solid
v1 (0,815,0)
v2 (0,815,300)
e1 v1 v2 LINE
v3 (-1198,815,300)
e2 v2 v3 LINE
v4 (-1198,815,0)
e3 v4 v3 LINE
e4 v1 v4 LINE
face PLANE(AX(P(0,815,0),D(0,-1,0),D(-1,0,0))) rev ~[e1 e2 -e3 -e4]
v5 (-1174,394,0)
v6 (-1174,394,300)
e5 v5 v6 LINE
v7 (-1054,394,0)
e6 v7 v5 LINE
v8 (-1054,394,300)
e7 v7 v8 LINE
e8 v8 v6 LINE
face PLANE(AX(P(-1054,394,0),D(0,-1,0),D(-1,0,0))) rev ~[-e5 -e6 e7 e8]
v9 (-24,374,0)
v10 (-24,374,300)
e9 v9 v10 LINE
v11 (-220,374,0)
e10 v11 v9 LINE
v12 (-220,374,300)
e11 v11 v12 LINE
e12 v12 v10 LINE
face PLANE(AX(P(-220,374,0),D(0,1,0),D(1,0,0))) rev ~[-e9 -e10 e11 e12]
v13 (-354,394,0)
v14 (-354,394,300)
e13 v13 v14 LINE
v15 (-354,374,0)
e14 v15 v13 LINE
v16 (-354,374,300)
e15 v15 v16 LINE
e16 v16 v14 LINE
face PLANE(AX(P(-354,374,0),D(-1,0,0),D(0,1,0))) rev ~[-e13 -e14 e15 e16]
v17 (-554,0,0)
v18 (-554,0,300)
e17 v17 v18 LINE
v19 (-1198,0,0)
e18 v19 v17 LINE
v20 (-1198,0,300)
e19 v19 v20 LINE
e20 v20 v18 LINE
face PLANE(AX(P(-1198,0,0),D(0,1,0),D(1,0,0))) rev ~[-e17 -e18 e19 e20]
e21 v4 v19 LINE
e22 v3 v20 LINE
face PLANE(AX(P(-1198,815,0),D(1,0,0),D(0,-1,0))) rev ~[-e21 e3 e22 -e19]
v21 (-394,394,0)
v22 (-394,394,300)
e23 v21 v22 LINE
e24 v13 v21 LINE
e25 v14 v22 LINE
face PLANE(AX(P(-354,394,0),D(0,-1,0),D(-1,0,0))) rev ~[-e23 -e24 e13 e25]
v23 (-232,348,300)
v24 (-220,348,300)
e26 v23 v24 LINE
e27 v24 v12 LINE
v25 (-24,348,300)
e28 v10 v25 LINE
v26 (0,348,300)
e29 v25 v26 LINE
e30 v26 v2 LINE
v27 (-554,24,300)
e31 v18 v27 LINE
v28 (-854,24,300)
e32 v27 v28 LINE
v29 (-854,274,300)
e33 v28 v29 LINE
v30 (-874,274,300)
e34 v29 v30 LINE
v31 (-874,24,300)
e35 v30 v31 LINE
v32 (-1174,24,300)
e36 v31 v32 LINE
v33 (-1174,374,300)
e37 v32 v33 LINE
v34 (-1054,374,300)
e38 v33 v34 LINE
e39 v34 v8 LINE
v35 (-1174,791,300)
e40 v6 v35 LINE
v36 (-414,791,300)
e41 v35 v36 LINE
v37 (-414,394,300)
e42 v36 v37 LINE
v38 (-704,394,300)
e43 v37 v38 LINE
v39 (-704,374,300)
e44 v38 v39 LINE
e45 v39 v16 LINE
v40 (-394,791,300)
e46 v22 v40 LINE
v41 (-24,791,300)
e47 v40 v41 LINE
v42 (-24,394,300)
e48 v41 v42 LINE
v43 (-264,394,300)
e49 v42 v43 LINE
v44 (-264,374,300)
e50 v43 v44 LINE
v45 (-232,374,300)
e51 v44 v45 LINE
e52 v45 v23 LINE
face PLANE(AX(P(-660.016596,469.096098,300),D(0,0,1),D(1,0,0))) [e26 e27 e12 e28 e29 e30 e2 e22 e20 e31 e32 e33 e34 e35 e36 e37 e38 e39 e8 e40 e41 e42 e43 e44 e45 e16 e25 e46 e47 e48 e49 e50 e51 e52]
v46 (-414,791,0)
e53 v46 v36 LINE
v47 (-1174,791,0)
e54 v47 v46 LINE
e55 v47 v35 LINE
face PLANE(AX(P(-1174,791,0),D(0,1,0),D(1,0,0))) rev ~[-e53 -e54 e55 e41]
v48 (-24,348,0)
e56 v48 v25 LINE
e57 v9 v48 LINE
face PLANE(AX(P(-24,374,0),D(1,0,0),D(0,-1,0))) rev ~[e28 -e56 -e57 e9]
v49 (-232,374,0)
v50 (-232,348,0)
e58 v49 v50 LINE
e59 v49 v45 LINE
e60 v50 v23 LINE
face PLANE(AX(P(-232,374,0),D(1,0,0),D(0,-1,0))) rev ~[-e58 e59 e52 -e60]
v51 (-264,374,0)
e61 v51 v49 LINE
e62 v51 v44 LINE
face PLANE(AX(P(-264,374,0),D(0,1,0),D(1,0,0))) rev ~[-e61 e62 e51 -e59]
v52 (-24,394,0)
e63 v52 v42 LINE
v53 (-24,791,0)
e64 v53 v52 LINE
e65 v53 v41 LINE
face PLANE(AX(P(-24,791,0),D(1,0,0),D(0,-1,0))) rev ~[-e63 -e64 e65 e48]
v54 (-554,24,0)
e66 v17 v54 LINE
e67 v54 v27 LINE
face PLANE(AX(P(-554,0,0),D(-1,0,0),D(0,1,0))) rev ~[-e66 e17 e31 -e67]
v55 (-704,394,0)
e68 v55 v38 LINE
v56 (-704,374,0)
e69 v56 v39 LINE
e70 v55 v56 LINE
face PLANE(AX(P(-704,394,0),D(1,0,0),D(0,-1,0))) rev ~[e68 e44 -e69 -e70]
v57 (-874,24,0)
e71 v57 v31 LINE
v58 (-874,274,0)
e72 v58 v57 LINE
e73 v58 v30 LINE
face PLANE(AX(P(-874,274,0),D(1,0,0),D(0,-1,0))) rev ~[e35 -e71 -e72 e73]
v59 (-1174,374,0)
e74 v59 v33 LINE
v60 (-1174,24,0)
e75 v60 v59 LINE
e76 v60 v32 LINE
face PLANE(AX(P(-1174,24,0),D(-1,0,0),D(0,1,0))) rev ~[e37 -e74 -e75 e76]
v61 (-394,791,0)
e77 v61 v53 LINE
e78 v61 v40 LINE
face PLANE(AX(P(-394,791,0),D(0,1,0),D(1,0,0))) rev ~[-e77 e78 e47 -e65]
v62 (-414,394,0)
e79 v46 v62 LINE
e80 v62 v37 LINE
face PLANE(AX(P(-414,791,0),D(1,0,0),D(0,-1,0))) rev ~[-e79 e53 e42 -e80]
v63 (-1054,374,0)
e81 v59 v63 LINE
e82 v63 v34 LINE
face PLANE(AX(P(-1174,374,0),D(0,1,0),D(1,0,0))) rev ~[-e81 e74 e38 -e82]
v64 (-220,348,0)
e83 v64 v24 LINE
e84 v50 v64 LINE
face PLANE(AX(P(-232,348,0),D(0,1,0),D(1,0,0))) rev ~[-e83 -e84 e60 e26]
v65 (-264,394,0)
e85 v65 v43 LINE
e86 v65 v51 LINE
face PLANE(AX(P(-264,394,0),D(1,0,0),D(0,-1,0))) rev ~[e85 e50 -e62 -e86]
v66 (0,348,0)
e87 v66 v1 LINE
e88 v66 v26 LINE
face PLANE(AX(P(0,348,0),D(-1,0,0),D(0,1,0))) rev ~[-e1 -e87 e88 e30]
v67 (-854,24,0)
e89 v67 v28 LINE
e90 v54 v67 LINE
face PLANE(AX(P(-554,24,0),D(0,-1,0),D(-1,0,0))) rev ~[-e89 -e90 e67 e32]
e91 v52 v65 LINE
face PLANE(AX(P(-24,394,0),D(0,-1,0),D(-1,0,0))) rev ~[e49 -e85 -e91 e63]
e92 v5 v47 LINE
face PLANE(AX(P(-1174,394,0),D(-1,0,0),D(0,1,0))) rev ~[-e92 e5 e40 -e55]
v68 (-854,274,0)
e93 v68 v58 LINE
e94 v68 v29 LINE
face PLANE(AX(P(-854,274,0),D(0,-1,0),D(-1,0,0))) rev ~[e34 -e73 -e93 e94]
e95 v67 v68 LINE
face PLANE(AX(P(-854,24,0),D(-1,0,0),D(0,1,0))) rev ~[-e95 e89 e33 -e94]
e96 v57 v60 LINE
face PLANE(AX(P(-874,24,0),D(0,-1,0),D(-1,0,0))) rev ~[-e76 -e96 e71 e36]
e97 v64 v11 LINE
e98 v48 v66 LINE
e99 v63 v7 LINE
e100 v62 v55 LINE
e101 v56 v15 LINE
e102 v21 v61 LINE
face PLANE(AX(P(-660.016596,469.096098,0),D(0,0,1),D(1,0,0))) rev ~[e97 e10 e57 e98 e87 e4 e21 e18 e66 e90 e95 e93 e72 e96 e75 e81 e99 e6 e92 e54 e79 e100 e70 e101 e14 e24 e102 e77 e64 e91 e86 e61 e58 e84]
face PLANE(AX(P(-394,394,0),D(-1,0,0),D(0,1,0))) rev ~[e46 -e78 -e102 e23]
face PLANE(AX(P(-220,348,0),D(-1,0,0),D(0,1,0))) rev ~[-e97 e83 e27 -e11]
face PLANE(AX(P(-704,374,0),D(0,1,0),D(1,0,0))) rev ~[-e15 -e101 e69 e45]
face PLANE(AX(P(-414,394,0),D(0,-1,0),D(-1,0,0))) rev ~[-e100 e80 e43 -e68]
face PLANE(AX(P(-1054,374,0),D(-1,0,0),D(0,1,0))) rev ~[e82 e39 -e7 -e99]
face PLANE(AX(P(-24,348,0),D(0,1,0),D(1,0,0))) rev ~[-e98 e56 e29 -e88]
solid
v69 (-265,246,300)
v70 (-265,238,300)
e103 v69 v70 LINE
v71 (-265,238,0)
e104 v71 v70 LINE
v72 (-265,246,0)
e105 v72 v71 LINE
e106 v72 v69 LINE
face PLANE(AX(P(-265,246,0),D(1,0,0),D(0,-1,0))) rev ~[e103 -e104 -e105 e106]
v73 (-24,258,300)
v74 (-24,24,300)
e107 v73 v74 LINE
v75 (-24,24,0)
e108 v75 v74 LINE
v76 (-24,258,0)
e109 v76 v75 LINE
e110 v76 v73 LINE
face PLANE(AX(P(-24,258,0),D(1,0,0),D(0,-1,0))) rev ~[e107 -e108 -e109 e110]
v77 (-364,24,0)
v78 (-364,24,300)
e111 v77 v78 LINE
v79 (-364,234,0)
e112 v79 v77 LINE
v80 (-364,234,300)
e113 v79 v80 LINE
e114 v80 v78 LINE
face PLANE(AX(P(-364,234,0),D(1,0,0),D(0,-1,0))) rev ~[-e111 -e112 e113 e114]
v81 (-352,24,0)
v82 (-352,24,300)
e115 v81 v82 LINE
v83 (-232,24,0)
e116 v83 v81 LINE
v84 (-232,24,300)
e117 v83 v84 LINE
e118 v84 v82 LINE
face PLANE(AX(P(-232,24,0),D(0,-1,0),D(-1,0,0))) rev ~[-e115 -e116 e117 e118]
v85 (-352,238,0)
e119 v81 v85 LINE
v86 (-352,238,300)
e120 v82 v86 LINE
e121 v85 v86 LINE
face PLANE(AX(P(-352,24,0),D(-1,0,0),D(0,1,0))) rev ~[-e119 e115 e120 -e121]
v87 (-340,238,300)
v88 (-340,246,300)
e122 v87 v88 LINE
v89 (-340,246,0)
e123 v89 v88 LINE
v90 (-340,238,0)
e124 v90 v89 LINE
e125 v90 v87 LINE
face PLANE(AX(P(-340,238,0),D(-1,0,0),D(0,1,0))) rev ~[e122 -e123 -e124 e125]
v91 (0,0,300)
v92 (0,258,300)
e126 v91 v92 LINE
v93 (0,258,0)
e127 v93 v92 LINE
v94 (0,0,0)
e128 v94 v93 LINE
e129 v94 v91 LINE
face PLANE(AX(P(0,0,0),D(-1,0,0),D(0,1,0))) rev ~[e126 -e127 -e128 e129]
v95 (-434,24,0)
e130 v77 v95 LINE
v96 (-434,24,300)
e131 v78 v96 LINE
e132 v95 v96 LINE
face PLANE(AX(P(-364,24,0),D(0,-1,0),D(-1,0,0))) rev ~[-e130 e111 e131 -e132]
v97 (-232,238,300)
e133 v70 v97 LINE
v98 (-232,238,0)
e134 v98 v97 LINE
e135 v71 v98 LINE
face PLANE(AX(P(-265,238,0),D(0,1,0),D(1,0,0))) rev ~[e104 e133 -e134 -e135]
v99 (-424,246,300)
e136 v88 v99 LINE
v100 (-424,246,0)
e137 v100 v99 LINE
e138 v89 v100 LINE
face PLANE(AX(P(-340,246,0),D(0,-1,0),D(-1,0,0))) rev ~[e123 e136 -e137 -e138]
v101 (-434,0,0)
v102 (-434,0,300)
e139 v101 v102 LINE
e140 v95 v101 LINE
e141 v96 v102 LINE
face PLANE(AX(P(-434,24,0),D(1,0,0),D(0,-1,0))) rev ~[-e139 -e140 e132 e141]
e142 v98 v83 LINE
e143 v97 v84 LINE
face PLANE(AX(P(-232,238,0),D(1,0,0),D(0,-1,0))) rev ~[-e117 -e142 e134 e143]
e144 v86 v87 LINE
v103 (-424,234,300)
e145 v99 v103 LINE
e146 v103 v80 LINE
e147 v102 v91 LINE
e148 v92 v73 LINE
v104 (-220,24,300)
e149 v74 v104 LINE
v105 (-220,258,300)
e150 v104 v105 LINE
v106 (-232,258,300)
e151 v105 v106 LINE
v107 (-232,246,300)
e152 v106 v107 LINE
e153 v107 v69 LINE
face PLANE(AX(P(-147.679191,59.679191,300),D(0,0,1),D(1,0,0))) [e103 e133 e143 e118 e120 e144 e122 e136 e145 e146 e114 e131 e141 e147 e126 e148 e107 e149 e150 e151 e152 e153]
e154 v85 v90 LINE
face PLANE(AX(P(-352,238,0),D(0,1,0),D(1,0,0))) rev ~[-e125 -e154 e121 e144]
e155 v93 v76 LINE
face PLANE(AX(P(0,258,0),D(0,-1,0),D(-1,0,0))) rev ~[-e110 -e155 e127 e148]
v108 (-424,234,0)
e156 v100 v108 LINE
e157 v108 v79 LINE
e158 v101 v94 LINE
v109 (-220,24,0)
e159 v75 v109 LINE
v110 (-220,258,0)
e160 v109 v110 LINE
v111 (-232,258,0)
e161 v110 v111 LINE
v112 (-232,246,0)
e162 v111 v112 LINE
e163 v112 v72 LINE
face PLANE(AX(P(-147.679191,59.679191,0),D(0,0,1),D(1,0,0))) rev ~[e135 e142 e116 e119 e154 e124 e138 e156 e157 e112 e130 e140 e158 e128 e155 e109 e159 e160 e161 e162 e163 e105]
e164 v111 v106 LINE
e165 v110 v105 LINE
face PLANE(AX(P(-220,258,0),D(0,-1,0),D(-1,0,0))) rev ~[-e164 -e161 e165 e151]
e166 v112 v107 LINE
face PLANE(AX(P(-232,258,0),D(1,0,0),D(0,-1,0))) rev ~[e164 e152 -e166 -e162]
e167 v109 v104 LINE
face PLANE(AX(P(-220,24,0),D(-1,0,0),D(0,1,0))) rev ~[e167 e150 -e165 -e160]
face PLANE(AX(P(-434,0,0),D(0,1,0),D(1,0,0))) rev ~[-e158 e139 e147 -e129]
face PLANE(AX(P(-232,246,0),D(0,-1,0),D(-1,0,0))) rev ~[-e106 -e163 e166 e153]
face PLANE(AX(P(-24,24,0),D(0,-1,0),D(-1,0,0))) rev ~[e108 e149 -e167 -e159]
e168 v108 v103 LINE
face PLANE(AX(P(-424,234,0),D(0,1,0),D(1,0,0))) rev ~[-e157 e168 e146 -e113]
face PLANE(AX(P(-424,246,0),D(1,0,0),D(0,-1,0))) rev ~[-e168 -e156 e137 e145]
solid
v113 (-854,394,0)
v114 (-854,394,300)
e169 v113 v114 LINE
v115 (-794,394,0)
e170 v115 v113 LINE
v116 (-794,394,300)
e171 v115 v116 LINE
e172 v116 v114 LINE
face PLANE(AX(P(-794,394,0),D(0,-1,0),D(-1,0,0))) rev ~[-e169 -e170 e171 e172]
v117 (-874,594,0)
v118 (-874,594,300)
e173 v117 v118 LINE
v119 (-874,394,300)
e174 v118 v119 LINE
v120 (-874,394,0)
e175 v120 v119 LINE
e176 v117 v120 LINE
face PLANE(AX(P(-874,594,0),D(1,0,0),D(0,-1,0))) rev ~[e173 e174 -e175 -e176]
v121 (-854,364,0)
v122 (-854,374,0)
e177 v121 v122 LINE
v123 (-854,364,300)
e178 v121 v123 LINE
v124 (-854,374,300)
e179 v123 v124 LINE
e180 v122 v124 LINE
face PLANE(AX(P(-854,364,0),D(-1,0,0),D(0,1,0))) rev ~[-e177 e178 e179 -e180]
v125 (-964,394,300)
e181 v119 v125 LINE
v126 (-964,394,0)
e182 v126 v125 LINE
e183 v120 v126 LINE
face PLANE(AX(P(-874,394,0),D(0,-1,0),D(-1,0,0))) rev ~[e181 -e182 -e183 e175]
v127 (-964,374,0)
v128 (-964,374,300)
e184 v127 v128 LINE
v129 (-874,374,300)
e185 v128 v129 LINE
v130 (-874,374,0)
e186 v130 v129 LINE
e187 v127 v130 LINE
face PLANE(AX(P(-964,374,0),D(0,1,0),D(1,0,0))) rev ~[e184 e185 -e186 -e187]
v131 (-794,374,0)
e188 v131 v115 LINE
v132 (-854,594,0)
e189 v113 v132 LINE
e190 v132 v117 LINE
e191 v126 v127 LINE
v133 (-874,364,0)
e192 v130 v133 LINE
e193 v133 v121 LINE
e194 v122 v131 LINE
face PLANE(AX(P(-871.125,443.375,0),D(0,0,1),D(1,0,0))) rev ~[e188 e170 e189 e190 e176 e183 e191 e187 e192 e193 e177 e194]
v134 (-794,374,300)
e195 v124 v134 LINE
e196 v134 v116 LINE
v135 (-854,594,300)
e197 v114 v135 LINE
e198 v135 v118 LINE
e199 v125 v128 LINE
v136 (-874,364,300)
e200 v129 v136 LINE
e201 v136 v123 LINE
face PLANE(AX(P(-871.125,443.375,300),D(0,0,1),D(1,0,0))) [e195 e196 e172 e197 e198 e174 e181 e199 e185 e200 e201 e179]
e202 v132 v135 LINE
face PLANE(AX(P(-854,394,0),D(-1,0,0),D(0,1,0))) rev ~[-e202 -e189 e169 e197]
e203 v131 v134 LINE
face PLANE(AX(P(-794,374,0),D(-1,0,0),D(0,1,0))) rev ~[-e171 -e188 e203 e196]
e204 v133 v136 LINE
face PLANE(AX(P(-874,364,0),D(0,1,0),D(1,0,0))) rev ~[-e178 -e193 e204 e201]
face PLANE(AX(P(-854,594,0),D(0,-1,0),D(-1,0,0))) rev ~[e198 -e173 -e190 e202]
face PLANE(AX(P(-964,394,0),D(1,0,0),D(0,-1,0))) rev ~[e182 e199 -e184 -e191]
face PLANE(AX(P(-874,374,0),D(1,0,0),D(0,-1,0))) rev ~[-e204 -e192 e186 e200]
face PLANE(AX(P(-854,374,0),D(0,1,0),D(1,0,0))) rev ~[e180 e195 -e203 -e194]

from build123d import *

# Parameters (mm, degrees)
F1_DEPTH = 300


with BuildPart() as f1:
    # F0 (on Top) → F1 (new body)
    with BuildSketch(Plane.XY):
        Polygon((-434, 0), (0, 0), (0, 258), (-24, 258), (-24, 24), (-220, 24), (-232, 24), (-352, 24), (-364, 24), (-434, 24), align=None)
        Polygon((-364, 234), (-364, 24), (-352, 24), (-352, 238), (-340, 238), (-340, 246), (-424, 246), (-424, 234), align=None)
        Polygon((-232, 24), (-220, 24), (-220, 258), (-232, 258), (-232, 246), (-265, 246), (-265, 238), (-232, 238), align=None)
        Polygon((0, 348), (0, 815), (-1198, 815), (-1198, 0), (-554, 0), (-554, 24), (-854, 24), (-854, 274), (-874, 274), (-874, 24), (-1174, 24), (-1174, 374), (-1054, 374), (-1054, 394), (-1174, 394), (-1174, 791), (-414, 791), (-414, 394), (-704, 394), (-704, 374), (-354, 374), (-354, 394), (-394, 394), (-394, 791), (-24, 791), (-24, 394), (-264, 394), (-264, 374), (-232, 374), (-232, 348), (-220, 348), (-220, 374), (-24, 374), (-24, 348), align=None)
        Polygon((-874, 394), (-964, 394), (-964, 374), (-874, 374), (-874, 364), (-854, 364), (-854, 374), (-794, 374), (-794, 394), (-854, 394), (-854, 594), (-874, 594), align=None)
    extrude(amount=F1_DEPTH)


solid = f1.part
